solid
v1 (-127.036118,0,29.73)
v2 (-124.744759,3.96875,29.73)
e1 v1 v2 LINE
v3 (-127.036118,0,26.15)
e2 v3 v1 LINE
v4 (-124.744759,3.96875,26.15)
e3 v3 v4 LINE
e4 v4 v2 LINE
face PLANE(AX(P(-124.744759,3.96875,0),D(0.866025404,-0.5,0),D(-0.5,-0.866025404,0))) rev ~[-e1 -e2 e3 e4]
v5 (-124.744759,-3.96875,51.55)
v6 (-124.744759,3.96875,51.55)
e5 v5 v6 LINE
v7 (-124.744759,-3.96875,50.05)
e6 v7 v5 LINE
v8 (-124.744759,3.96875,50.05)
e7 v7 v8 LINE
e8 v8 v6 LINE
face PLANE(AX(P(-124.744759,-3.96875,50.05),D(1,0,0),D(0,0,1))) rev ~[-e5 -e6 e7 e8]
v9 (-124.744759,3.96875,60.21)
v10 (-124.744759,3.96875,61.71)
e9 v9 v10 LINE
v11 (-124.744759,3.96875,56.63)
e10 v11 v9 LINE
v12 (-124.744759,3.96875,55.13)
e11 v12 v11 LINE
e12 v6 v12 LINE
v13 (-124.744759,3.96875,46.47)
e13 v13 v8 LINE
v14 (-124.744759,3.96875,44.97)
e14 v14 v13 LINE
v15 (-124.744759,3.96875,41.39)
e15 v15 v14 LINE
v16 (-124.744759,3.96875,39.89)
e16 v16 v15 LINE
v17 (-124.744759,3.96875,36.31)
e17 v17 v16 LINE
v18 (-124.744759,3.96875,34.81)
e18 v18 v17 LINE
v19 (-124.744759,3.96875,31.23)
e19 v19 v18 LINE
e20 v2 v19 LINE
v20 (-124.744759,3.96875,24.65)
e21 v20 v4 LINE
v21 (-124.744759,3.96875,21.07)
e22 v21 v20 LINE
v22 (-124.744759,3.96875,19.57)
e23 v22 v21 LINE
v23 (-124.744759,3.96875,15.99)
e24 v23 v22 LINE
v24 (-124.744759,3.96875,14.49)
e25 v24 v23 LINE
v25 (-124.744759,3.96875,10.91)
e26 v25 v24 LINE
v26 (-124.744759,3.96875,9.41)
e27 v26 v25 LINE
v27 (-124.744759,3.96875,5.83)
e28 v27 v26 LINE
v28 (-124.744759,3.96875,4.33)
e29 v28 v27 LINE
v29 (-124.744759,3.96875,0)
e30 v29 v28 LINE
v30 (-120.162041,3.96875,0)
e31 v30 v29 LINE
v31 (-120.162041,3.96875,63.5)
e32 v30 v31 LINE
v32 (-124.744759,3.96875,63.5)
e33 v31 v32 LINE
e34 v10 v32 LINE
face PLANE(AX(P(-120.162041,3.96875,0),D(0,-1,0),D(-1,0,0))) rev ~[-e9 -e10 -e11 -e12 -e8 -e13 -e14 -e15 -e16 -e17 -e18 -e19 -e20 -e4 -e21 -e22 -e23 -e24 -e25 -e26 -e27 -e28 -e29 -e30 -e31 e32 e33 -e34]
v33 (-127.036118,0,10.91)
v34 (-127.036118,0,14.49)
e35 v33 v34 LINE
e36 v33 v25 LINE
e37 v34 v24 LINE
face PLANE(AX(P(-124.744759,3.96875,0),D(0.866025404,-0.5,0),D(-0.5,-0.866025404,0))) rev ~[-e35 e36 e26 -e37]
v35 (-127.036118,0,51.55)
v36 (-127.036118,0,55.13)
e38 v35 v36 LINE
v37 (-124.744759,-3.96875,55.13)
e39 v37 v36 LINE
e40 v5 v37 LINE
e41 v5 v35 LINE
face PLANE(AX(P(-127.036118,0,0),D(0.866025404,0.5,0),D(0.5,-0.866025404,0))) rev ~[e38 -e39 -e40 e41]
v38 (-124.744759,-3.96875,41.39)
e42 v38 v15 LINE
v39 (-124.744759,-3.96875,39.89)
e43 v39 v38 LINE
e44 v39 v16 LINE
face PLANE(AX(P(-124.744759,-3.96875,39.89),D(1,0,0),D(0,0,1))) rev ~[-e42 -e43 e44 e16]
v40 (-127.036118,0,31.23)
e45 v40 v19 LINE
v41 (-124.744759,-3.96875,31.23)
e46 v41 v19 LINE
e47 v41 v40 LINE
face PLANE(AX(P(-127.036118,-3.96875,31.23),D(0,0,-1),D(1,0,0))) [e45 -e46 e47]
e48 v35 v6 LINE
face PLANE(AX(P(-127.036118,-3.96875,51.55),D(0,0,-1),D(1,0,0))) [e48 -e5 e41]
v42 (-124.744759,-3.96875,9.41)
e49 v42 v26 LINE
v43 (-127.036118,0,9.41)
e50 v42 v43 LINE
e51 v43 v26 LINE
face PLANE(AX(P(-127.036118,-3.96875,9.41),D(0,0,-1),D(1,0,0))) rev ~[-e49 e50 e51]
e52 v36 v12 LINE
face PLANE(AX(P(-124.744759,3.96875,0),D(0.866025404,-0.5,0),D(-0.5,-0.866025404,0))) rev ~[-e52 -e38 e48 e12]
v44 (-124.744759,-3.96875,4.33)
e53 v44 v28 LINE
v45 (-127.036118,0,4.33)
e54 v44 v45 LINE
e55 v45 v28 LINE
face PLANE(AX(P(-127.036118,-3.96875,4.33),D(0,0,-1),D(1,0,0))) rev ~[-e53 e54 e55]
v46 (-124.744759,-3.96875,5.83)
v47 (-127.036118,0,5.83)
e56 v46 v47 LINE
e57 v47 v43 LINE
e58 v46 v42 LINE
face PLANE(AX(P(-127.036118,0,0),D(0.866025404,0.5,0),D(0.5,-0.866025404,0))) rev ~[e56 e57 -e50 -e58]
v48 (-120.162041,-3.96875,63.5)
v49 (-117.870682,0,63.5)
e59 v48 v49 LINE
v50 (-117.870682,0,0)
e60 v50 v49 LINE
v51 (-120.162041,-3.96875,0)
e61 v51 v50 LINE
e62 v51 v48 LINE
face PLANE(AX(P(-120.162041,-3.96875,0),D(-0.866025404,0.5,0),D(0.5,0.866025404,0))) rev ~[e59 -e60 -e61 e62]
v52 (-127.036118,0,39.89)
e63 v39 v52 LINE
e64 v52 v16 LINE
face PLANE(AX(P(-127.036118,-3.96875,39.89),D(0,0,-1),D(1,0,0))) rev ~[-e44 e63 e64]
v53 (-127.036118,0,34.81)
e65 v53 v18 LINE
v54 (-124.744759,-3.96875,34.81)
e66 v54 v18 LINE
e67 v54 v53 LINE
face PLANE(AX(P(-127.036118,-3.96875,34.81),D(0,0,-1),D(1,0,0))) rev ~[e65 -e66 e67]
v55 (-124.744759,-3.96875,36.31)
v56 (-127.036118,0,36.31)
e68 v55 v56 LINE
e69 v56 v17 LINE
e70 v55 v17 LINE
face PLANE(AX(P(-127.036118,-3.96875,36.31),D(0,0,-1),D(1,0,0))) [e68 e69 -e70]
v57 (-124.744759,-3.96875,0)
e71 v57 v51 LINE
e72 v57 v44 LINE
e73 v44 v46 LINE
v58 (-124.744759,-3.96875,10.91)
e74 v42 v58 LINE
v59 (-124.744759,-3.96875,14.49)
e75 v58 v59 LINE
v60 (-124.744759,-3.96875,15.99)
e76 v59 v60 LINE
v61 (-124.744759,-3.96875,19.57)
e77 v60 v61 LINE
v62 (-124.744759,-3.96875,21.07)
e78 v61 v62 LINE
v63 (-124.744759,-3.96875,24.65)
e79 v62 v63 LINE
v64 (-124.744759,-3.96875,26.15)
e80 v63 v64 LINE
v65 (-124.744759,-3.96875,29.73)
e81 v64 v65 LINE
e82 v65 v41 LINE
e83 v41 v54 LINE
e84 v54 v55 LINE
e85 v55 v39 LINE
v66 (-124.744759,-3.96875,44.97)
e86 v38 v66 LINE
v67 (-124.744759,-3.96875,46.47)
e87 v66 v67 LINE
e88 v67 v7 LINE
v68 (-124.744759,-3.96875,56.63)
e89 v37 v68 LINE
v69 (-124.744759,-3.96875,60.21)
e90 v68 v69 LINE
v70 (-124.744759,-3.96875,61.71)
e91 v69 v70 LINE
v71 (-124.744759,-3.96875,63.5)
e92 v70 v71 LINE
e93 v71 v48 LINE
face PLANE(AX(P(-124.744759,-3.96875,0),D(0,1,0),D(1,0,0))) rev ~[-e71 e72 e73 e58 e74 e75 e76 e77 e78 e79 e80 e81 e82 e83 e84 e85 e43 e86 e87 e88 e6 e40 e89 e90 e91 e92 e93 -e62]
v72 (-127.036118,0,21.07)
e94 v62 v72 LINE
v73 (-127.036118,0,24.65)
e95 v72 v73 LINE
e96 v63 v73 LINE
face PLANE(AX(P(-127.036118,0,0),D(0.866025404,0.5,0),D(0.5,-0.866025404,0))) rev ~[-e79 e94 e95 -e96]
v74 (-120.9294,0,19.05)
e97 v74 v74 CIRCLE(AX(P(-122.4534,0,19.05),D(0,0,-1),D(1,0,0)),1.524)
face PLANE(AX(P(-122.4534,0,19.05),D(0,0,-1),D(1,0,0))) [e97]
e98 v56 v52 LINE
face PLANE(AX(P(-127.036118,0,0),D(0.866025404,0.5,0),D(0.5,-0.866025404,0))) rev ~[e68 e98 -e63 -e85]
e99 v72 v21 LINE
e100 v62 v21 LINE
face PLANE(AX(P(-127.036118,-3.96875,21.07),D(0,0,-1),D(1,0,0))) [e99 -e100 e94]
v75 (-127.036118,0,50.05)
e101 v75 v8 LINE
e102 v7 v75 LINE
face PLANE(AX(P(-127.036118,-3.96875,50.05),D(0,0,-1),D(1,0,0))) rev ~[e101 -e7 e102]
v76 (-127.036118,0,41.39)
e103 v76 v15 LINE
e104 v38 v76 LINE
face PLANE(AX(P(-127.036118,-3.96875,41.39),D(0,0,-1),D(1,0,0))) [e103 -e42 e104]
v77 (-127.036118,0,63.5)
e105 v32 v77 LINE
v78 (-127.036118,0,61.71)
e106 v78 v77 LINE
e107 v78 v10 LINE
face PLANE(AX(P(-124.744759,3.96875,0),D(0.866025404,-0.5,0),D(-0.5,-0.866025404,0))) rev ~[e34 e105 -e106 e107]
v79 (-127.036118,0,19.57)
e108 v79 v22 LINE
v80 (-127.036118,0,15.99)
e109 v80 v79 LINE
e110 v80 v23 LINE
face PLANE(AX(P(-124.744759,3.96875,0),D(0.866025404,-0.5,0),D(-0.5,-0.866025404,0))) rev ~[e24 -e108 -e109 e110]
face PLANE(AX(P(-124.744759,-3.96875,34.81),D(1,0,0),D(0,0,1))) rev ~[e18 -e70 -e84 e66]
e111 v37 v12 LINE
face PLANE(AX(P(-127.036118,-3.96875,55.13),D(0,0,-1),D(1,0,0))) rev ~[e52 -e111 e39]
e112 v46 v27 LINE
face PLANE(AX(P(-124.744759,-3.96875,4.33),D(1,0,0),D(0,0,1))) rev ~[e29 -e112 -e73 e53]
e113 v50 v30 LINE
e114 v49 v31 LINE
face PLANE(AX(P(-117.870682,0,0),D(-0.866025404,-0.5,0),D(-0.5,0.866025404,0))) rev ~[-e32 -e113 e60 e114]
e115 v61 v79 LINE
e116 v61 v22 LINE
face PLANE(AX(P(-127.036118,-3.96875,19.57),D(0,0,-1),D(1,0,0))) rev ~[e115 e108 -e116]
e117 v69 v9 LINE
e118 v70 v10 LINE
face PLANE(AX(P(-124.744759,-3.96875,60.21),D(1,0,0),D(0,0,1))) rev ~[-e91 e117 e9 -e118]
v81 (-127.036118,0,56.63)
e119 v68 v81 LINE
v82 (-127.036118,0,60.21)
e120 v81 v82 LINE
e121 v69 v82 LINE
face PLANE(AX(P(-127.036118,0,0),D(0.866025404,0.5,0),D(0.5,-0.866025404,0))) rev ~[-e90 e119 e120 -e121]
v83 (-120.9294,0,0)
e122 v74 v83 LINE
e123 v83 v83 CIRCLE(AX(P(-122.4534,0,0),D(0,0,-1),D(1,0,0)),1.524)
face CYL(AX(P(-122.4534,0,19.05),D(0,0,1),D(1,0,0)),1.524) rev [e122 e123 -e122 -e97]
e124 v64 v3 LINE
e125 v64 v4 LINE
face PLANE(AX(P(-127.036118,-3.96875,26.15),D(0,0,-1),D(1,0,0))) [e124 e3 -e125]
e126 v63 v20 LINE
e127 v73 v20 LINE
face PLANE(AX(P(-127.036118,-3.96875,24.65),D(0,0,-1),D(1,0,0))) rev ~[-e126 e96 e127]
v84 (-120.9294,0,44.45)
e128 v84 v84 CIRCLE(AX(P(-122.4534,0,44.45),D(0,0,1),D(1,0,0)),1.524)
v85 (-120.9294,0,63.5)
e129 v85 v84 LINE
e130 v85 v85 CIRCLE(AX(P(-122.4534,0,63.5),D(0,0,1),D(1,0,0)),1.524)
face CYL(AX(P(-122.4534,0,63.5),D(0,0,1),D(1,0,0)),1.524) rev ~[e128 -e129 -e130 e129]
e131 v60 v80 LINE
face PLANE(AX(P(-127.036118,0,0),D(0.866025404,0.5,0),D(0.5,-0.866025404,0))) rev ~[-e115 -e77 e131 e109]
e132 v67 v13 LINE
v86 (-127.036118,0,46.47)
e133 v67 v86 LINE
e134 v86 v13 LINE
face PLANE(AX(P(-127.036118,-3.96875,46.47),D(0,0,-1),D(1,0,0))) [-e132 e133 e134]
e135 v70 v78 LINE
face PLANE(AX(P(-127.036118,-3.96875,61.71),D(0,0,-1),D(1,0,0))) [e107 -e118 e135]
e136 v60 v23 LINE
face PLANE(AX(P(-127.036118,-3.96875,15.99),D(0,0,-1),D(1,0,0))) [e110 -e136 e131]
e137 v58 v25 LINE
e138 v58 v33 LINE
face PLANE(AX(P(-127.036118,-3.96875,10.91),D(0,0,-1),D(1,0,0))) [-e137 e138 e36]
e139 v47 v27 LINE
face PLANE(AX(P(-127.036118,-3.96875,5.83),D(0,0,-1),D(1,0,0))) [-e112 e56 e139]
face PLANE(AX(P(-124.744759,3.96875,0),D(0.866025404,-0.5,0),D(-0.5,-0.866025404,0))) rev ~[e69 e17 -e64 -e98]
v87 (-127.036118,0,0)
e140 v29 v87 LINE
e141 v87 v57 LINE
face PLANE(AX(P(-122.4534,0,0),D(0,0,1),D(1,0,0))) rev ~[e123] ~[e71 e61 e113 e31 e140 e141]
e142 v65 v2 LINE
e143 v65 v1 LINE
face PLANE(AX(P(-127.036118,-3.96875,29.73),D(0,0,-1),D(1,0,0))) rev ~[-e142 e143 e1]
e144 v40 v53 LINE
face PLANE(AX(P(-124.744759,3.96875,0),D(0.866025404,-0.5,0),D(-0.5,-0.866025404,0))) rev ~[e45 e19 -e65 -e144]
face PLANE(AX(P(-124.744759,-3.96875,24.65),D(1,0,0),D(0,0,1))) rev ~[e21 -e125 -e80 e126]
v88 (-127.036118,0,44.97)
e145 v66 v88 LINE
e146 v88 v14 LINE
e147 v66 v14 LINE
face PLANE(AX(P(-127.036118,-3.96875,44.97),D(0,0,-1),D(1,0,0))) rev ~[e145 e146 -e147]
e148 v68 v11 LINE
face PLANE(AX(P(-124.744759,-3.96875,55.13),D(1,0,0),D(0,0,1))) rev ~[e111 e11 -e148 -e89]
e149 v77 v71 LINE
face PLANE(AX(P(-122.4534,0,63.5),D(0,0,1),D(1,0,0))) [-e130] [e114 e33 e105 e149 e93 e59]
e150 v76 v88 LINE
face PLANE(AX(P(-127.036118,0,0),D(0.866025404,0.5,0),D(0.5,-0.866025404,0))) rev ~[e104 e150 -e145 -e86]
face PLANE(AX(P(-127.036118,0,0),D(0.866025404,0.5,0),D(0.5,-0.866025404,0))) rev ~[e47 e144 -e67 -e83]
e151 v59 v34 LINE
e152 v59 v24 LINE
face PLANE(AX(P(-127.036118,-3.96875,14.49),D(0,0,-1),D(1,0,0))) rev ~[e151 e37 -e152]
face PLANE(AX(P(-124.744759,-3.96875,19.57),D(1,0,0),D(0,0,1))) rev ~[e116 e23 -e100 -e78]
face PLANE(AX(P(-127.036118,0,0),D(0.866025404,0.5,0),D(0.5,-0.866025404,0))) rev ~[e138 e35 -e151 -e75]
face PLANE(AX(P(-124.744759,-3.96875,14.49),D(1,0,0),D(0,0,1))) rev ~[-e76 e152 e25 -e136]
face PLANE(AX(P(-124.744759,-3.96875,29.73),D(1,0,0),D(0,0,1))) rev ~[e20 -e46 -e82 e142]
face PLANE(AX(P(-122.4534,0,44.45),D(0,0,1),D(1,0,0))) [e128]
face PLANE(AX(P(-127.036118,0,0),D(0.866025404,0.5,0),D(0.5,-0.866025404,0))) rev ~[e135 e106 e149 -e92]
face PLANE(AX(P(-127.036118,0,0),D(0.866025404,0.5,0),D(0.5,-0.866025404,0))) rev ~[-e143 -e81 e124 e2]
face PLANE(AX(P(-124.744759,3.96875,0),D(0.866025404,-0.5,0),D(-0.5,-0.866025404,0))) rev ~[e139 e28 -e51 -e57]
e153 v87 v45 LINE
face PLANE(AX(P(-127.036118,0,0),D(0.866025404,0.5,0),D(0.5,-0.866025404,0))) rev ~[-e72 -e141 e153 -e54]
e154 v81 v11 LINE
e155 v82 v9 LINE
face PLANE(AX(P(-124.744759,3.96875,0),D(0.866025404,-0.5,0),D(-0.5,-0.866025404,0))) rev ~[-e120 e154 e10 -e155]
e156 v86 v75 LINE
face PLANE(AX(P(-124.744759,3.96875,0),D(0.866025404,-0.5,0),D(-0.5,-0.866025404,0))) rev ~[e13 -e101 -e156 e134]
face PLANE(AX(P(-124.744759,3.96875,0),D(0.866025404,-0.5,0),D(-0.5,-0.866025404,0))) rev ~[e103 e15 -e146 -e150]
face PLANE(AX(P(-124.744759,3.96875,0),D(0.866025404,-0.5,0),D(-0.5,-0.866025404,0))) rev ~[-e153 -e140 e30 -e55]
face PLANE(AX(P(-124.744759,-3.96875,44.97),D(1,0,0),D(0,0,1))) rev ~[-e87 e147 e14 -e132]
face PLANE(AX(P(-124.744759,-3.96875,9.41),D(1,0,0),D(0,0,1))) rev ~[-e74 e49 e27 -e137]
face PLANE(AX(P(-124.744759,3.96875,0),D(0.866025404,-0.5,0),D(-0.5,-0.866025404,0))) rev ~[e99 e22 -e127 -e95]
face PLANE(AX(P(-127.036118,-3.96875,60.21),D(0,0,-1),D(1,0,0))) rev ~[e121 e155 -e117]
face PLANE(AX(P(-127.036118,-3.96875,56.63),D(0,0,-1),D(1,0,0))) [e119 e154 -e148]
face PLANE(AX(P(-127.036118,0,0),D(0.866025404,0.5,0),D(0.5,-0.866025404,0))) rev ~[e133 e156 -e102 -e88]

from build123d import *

# Parameters (mm, degrees)
BOSS_EXTRUDE1_DEPTH = 63.5
SKETCH2_R           = 1.524
CUT_EXTRUDE1_DEPTH  = 19.05
CUT_EXTRUDE2_START  = -19.05
SKETCH3_R           = 1.524
CUT_EXTRUDE2_DEPTH  = 19.05
SKETCH6_W           = 2.291358881
SKETCH6_H           = 1.5
CUT_EXTRUDE4_DEPTH  = 19.05


with BuildPart() as part:
    # Sketch1 → Boss-Extrude1 (new body)
    with BuildSketch(Plane.XY):
        Polygon((-117.870682238, 0), (-120.162041119, 3.96875), (-124.744758881, 3.96875), (-127.036117762, 0), (-124.744758881, -3.96875), (-120.162041119, -3.96875), align=None)
    extrude(amount=BOSS_EXTRUDE1_DEPTH)

    # Sketch2 → Cut-Extrude1 (cut)
    with BuildSketch(Plane.XY.offset(63.5)):
        with Locations((-122.4534, 0)):
            Circle(SKETCH2_R)
    extrude(amount=-CUT_EXTRUDE1_DEPTH, mode=Mode.SUBTRACT)

    # Sketch3 → Cut-Extrude2 (cut)
    with BuildSketch(Plane(origin=(0, 0, 0), x_dir=(-1, 0, 0), z_dir=(0, 0, -1)).offset(CUT_EXTRUDE2_START)):
        with Locations(Location((122.4534, 0, 0), (0, 0, 180))):
            Circle(SKETCH3_R)
    extrude(amount=CUT_EXTRUDE2_DEPTH, mode=Mode.SUBTRACT)

    # Sketch6 → Cut-Extrude4 (cut)
    with BuildSketch(Plane.XZ.offset(3.96875)):
        with Locations((-125.890438321, 5.08)):
            Rectangle(SKETCH6_W, SKETCH6_H)
        with Locations((-125.890438321, 10.16)):
            Rectangle(SKETCH6_W, SKETCH6_H)
        with Locations((-125.890438321, 15.24)):
            Rectangle(SKETCH6_W, SKETCH6_H)
        with Locations((-125.890438321, 20.32)):
            Rectangle(SKETCH6_W, SKETCH6_H)
        with Locations((-125.890438321, 25.4)):
            Rectangle(SKETCH6_W, SKETCH6_H)
        with Locations((-125.890438321, 30.48)):
            Rectangle(SKETCH6_W, SKETCH6_H)
        with Locations((-125.890438321, 35.56)):
            Rectangle(SKETCH6_W, SKETCH6_H)
        with Locations((-125.890438321, 40.64)):
            Rectangle(SKETCH6_W, SKETCH6_H)
        with Locations((-125.890438321, 45.72)):
            Rectangle(SKETCH6_W, SKETCH6_H)
        with Locations((-125.890438321, 50.8)):
            Rectangle(SKETCH6_W, SKETCH6_H)
        with Locations((-125.890438321, 55.88)):
            Rectangle(SKETCH6_W, SKETCH6_H)
        with Locations((-125.890438321, 60.96)):
            Rectangle(SKETCH6_W, SKETCH6_H)
        with Locations((-125.890438321, 66.04)):
            Rectangle(SKETCH6_W, SKETCH6_H)
        with Locations((-125.890438321, 71.12)):
            Rectangle(SKETCH6_W, SKETCH6_H)
    extrude(amount=-CUT_EXTRUDE4_DEPTH, mode=Mode.SUBTRACT)


solid = part.part
